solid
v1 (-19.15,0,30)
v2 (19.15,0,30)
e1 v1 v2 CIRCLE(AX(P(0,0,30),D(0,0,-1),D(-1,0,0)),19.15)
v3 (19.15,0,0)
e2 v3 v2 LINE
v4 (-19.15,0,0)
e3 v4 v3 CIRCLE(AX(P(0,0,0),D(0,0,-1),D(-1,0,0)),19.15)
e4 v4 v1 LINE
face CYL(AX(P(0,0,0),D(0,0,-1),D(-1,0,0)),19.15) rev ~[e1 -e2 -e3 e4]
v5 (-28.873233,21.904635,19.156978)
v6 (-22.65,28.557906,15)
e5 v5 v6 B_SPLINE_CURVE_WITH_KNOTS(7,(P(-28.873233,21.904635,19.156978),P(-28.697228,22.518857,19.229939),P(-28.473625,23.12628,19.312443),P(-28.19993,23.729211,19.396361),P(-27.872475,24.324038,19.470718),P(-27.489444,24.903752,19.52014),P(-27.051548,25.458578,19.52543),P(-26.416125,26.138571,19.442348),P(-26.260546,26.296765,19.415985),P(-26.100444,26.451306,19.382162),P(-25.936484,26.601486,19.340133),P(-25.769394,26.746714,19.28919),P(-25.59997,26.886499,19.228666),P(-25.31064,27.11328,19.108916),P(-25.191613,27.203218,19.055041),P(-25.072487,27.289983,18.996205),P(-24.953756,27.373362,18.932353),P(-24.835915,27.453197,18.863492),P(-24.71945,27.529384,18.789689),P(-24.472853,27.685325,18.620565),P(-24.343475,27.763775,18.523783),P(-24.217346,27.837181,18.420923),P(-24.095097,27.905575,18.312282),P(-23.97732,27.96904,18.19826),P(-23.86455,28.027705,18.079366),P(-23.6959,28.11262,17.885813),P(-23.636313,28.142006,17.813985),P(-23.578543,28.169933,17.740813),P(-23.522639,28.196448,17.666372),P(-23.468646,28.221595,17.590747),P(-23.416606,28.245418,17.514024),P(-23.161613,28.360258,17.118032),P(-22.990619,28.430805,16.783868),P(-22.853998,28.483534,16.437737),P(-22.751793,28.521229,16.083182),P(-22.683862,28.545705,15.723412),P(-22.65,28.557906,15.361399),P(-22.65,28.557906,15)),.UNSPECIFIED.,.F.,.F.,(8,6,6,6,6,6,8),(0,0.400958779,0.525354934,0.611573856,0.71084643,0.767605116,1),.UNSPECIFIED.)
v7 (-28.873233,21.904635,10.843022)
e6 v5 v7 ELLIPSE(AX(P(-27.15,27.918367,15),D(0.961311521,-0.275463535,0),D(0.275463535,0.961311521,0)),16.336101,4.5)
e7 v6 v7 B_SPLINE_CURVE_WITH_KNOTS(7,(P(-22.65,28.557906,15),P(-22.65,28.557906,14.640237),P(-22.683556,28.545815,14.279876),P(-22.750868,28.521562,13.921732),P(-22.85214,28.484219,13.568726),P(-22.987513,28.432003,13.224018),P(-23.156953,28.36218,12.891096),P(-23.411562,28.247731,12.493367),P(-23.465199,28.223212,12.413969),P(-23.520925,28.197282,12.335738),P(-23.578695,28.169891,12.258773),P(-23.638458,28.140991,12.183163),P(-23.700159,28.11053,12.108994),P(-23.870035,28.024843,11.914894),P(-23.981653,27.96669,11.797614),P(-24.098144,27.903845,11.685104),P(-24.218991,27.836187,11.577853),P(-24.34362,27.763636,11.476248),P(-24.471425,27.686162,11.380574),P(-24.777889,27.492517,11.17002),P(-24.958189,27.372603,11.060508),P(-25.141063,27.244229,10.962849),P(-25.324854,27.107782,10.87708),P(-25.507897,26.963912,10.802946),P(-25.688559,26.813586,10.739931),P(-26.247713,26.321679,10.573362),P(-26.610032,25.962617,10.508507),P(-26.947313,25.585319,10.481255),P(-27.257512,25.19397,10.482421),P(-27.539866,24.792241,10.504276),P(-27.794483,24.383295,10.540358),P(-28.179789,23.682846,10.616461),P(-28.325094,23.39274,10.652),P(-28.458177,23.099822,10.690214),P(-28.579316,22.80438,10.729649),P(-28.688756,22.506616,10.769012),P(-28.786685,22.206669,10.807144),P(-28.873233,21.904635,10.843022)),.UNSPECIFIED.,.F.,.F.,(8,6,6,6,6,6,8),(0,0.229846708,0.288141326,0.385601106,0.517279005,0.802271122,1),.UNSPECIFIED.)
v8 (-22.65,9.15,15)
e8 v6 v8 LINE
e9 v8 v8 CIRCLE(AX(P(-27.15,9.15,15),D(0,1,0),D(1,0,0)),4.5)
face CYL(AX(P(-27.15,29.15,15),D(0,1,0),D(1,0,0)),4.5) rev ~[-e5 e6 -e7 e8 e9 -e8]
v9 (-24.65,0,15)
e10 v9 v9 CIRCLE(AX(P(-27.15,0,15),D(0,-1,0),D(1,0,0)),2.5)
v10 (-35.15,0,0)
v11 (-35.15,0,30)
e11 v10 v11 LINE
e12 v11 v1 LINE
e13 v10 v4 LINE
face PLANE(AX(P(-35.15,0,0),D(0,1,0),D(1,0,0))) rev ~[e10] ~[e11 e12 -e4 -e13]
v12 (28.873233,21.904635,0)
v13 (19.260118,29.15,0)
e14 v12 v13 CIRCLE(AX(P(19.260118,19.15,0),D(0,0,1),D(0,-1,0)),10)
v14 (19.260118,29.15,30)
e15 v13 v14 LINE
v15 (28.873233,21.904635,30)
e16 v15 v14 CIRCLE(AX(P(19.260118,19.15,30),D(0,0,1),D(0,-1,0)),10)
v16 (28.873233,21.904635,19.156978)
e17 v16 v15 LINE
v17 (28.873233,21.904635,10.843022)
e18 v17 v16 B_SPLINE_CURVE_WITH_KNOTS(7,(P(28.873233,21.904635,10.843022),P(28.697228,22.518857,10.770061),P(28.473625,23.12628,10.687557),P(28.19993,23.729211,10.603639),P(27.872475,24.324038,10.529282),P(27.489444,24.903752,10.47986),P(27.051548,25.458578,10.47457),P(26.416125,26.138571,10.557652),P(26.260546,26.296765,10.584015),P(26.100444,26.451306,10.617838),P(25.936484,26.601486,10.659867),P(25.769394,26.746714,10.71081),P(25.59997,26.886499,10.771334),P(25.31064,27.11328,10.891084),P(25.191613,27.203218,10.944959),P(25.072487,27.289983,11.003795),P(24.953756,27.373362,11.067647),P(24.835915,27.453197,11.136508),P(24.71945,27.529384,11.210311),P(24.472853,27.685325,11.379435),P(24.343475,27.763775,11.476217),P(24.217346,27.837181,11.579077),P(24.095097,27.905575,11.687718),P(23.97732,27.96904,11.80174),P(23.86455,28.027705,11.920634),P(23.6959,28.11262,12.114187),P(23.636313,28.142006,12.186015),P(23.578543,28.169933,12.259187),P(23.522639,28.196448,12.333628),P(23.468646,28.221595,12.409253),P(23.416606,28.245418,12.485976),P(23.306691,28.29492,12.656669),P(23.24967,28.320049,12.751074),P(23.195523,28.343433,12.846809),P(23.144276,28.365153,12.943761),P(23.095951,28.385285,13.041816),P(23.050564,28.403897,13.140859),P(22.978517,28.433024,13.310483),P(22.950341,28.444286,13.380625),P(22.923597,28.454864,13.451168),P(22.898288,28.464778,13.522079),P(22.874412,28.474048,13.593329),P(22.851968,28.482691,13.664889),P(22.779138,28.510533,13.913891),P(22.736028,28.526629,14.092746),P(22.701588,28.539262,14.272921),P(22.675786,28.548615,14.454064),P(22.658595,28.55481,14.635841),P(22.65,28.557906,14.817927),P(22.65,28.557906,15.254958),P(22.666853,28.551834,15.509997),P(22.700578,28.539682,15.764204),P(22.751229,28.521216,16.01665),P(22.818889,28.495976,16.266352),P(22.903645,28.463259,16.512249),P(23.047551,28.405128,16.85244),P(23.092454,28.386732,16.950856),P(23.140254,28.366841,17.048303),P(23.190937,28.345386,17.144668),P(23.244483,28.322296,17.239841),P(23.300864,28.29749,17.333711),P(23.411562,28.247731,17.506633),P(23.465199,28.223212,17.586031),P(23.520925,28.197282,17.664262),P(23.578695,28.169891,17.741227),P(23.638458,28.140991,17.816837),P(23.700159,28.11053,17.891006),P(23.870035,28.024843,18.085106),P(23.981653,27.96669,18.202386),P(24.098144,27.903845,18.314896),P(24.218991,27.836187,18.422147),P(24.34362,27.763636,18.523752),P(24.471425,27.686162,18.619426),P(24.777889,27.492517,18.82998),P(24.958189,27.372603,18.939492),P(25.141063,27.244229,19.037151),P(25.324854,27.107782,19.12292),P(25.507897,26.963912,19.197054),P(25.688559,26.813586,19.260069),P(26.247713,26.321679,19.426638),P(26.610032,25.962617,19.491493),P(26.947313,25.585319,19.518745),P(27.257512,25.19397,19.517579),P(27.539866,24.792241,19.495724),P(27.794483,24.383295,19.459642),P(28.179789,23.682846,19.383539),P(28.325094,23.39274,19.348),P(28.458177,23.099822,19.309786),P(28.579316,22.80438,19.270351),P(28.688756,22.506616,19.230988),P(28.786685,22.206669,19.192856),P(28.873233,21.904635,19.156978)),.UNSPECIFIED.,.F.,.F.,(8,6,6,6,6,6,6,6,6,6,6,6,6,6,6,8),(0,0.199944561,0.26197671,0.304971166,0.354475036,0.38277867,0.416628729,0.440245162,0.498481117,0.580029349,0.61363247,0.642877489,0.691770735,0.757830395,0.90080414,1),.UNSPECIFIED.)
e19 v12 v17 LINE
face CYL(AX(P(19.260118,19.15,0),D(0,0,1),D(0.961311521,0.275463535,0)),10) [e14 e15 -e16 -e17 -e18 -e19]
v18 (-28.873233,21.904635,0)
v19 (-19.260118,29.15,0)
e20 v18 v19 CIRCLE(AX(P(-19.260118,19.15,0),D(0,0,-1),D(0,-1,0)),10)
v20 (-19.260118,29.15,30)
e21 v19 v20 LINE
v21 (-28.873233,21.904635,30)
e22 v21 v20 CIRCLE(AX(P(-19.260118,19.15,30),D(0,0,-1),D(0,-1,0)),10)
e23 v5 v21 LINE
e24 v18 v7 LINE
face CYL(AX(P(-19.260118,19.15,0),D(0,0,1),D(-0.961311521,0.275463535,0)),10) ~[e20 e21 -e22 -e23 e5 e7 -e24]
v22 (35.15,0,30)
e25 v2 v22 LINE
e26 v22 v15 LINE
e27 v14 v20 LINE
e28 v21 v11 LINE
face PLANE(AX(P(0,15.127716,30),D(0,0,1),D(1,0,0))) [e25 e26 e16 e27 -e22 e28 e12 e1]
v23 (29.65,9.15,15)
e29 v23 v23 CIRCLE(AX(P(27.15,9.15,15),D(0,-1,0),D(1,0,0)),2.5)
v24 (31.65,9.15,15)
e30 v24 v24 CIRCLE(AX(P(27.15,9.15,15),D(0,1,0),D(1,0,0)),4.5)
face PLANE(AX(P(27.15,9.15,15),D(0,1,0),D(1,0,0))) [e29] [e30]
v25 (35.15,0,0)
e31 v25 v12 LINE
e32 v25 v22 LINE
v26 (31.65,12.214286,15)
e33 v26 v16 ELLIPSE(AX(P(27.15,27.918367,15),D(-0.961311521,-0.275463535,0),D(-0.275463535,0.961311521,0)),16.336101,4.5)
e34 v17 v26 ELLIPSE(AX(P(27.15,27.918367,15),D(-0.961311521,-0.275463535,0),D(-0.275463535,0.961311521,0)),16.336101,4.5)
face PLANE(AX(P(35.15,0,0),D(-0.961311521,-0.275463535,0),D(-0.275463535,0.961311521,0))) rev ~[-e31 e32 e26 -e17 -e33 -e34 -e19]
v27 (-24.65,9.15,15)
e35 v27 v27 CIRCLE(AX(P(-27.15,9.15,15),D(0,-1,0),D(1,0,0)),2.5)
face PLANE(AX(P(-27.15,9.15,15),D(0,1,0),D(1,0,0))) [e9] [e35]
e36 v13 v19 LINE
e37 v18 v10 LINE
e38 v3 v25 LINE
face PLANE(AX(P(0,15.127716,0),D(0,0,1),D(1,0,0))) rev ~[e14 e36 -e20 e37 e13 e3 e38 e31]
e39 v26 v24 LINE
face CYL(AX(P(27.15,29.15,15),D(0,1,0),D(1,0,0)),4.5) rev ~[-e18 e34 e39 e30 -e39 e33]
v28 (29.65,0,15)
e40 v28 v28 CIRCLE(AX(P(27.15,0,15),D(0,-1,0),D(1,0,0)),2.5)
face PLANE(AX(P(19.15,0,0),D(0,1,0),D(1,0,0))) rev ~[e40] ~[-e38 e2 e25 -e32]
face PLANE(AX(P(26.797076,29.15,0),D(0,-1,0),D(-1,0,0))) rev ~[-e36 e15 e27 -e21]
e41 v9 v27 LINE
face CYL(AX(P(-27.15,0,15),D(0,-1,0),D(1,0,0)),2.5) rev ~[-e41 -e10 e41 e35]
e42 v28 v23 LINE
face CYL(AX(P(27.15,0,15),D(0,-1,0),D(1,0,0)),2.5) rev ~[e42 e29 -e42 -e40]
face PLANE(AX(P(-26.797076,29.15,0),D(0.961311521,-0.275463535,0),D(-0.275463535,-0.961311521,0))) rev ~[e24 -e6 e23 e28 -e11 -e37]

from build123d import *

# Parameters (mm, degrees)
BOSS_EXTRUDE1_DEPTH = 30
FILLET1_R           = 10
SKETCH2_R           = 2.5
CUT_EXTRUDE1_DEPTH  = 30.15
SKETCH3_R           = 4.5
CUT_EXTRUDE2_DEPTH  = 20


with BuildPart() as part:
    # Sketch1 → Boss-Extrude1 (new body)
    with BuildSketch(Plane.XY):
        with BuildLine():
            Line((-26.797076023, 29.15), (-35.15, 0))
            Line((-35.15, 0), (-19.15, 0))
            ThreePointArc((-19.15, 0), (0, 19.15), (19.15, 0))
            Line((19.15, 0), (35.15, 0))
            Line((35.15, 0), (26.797076023, 29.15))
            Line((26.797076023, 29.15), (-26.797076023, 29.15))
        make_face()
    extrude(amount=BOSS_EXTRUDE1_DEPTH)

    # Fillet1
    fillet1_edges = [part.edges().sort_by_distance(p)[0] for p in [
        (-26.797076023, 29.15, 15),
        (26.797076023, 29.15, 15),
    ]]
    fillet(fillet1_edges, radius=FILLET1_R)

    # Sketch2 → Cut-Extrude1 (cut, through all)
    with BuildSketch(Plane.XZ):
        with Locations((-27.15, 15)):
            Circle(SKETCH2_R)
        with Locations((27.15, 15)):
            Circle(SKETCH2_R)
    extrude(amount=-CUT_EXTRUDE1_DEPTH, mode=Mode.SUBTRACT)

    # Sketch3 → Cut-Extrude2 (cut)
    with BuildSketch(Plane(origin=(0, 29.15, 0), x_dir=(1, 0, 0), z_dir=(0, 1, 0))):
        with Locations((27.15, -15)):
            Circle(SKETCH3_R)
        with Locations((-27.15, -15)):
            Circle(SKETCH3_R)
    extrude(amount=-CUT_EXTRUDE2_DEPTH, mode=Mode.SUBTRACT)


solid = part.part
